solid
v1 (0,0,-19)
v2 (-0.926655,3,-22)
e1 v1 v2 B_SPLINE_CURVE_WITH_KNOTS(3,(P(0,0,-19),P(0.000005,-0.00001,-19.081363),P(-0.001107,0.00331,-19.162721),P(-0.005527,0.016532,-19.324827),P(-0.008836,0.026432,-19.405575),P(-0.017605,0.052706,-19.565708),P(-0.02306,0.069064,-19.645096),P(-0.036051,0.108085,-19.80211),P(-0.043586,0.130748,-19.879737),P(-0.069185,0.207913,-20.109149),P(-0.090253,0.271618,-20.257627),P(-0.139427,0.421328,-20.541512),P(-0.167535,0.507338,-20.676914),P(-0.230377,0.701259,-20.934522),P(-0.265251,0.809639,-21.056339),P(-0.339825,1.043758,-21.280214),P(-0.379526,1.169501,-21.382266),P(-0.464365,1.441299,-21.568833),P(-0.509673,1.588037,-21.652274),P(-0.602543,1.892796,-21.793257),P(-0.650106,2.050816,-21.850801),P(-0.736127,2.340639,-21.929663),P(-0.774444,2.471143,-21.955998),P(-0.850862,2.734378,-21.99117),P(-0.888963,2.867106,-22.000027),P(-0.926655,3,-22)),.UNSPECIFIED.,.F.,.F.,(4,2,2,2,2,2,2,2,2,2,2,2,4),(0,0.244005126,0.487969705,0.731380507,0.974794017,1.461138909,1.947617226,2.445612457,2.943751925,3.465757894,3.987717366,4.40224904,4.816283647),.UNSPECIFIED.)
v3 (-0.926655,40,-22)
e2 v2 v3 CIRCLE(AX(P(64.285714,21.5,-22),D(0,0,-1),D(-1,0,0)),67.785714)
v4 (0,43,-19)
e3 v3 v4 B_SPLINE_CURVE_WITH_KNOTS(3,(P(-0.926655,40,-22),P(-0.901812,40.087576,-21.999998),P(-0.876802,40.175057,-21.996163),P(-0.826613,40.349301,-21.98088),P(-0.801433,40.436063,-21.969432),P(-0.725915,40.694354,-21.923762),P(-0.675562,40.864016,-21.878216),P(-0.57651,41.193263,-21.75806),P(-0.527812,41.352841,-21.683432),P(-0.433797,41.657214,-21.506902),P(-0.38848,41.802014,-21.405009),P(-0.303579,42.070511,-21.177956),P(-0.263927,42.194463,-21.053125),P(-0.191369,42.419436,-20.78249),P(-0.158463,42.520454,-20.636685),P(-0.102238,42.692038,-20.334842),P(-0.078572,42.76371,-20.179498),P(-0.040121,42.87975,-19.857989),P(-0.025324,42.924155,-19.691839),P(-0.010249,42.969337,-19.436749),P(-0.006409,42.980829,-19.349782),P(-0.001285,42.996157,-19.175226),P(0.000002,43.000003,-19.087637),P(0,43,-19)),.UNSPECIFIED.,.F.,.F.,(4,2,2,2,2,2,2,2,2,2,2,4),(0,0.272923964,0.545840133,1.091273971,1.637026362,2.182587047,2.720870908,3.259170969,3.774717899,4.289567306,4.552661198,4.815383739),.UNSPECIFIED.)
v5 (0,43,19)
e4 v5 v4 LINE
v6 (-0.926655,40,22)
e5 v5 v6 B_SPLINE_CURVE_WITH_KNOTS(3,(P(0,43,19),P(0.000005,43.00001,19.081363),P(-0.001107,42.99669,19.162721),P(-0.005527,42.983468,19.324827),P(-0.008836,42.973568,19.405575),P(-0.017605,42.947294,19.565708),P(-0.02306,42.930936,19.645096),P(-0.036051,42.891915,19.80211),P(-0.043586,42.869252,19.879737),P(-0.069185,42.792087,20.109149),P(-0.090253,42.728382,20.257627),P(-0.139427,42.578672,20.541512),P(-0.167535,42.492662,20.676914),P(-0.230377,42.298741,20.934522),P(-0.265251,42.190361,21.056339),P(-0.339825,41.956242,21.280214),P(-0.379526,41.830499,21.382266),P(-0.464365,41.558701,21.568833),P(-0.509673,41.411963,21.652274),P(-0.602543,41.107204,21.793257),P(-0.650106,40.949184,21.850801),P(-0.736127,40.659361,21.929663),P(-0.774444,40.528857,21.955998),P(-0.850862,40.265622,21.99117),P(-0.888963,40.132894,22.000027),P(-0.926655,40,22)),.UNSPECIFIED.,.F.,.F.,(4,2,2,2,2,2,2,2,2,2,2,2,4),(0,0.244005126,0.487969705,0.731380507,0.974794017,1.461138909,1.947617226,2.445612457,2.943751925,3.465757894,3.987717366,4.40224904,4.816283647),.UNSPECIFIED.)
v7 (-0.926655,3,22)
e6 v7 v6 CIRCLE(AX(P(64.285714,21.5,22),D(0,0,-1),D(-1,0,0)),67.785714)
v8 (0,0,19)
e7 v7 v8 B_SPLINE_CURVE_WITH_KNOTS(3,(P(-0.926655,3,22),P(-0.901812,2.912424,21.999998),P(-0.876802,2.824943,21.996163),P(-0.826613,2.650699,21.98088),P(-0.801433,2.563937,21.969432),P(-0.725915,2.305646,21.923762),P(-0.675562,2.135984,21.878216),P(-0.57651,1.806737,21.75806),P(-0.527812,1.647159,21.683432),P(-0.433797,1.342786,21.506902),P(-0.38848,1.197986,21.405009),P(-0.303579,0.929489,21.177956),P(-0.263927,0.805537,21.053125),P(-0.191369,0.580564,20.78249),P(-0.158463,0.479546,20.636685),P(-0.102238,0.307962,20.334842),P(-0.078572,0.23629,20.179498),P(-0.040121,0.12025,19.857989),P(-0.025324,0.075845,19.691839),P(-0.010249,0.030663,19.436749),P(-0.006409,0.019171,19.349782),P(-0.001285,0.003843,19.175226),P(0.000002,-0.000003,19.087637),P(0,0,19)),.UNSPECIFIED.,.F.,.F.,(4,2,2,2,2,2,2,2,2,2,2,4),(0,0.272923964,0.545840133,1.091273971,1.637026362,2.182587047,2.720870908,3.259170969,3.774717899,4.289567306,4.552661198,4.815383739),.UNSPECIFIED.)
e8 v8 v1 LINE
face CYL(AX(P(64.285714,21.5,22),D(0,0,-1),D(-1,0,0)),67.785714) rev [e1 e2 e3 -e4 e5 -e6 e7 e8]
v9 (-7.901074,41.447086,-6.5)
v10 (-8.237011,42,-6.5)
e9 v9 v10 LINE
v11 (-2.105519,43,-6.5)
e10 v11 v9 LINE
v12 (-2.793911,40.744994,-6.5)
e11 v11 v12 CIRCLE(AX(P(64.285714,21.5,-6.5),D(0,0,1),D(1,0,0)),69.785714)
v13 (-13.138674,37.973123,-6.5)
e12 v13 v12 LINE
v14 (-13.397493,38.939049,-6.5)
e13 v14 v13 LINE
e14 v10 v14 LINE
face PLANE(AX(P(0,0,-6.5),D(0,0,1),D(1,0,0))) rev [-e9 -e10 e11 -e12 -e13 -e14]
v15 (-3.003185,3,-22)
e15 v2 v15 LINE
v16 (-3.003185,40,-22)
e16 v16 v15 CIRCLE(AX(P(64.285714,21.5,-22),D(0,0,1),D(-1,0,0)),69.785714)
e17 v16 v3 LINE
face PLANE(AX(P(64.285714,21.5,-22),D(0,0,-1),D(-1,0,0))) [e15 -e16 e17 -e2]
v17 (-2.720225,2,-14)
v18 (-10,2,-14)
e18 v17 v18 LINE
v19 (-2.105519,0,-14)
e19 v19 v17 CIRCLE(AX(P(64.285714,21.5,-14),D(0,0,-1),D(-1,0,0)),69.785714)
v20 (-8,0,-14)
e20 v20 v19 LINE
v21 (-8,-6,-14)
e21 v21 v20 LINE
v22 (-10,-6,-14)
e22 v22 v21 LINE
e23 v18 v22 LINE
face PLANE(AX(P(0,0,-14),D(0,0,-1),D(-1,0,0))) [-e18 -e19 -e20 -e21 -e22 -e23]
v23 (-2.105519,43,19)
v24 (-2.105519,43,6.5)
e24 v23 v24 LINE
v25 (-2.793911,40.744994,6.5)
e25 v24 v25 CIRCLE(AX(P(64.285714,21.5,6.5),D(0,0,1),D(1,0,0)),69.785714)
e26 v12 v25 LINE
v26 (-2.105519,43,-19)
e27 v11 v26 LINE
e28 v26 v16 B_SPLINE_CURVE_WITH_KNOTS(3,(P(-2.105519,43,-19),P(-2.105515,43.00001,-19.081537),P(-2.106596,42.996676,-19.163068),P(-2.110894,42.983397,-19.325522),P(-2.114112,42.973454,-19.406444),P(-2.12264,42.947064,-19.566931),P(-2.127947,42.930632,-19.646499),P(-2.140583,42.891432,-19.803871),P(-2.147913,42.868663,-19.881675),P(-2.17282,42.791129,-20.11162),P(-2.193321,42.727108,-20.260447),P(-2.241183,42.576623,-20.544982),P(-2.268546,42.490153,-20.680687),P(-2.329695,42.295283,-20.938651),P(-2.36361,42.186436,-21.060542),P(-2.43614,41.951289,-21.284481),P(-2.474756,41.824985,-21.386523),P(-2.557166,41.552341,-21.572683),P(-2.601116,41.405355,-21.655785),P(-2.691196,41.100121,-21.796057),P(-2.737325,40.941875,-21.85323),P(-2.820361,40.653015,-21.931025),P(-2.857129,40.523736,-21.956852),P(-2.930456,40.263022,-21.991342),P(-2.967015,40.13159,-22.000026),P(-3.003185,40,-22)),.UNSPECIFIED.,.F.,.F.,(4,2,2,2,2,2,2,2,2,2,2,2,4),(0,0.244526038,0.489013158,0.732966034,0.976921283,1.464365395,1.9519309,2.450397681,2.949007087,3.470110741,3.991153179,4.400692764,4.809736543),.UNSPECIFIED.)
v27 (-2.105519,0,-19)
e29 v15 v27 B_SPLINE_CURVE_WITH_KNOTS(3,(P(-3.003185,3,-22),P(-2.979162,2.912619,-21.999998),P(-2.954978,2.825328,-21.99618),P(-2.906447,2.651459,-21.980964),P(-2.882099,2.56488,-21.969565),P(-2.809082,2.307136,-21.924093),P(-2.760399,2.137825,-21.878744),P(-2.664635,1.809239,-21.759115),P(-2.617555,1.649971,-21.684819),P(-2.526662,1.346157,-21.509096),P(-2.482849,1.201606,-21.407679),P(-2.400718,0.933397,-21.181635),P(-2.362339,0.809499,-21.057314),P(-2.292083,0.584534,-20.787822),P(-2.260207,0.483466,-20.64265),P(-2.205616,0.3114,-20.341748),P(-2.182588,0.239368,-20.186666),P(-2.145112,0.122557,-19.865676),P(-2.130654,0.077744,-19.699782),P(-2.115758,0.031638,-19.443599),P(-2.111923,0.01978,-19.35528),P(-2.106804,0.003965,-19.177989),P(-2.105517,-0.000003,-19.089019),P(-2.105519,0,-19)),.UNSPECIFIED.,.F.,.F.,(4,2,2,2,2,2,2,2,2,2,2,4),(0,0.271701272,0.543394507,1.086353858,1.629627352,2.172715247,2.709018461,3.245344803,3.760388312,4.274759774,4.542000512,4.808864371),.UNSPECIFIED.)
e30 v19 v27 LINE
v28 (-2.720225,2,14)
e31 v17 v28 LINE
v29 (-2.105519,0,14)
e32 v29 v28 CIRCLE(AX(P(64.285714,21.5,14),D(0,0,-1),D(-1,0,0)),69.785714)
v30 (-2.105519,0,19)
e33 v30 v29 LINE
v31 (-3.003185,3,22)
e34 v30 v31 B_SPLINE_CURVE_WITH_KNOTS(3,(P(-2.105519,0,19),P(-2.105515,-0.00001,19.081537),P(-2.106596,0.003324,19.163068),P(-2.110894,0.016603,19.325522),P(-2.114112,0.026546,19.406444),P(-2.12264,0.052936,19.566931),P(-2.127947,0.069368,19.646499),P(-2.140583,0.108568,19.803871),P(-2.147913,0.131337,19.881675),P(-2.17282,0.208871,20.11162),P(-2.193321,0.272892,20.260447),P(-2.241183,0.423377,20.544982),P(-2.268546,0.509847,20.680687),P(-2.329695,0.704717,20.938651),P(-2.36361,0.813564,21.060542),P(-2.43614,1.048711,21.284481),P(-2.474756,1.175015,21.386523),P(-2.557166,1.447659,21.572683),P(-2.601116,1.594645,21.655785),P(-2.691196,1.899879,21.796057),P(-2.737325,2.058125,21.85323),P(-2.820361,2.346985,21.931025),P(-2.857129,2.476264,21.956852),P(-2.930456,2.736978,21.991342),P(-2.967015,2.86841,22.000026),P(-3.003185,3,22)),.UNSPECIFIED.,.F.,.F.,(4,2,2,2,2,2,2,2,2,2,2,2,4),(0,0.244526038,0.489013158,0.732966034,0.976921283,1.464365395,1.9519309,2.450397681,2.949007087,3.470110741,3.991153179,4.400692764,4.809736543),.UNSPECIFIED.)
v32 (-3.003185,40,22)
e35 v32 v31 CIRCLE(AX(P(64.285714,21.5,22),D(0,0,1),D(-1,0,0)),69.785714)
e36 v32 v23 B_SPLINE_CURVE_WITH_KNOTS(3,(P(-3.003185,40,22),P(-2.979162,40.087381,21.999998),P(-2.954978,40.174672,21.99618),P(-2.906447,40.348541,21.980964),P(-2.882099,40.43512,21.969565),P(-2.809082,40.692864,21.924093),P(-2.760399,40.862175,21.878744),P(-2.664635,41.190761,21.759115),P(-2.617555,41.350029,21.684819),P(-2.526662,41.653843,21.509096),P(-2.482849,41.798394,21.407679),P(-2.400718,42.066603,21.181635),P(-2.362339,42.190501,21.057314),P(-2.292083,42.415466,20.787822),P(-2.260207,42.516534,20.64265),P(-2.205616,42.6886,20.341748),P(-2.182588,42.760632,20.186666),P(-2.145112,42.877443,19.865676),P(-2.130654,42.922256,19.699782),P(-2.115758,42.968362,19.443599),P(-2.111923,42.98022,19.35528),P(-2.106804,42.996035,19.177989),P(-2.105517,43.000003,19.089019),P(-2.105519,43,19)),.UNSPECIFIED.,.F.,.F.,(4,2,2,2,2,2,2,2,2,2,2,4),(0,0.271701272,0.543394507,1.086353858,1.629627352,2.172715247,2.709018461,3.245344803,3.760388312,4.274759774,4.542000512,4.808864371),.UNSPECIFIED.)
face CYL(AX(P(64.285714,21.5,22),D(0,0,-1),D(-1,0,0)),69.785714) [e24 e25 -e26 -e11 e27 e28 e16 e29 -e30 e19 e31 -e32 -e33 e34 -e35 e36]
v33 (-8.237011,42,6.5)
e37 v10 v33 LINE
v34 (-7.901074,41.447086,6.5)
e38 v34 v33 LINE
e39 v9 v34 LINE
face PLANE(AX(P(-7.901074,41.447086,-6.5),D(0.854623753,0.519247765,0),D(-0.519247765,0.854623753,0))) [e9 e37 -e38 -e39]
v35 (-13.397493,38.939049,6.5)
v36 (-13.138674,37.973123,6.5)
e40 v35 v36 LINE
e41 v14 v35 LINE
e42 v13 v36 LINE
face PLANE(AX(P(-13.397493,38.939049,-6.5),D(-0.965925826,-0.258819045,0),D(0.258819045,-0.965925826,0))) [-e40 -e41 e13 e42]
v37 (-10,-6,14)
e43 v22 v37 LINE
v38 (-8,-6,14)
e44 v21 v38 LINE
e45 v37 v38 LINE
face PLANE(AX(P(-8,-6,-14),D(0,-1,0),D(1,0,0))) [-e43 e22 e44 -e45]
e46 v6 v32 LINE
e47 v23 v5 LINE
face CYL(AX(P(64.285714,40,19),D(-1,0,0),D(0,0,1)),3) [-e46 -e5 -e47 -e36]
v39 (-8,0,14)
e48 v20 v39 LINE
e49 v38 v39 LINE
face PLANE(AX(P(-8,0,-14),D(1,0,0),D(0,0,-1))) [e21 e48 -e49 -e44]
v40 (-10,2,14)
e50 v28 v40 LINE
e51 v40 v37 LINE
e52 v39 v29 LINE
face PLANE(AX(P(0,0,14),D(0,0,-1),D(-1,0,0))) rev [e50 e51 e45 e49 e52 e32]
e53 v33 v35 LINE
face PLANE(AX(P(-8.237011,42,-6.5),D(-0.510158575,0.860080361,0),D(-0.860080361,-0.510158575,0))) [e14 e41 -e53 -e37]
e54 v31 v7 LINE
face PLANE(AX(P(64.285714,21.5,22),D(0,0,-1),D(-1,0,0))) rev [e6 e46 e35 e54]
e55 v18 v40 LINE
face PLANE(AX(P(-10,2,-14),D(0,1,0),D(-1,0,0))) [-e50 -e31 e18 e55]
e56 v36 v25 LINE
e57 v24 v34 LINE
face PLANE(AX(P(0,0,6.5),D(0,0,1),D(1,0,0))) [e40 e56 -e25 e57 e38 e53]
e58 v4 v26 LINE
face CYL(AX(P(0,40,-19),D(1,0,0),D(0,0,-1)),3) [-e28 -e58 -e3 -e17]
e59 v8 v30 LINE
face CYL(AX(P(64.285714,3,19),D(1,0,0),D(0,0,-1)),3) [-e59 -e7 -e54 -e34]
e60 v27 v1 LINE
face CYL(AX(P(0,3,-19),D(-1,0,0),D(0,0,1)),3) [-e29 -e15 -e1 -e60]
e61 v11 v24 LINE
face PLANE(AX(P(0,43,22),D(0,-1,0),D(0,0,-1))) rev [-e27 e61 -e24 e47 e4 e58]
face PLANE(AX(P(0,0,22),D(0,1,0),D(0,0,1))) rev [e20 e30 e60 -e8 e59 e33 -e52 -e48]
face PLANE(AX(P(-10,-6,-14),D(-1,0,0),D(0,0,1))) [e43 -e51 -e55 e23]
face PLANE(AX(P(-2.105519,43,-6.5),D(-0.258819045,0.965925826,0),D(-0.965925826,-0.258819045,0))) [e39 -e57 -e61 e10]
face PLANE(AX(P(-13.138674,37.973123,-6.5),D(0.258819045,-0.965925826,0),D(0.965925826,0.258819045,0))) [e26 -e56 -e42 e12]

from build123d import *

# Parameters (mm, degrees)
EXTRUDE_1_DEPTH      = 22
EXTRUDE_1_DEPTH_BACK = 22
FILLET_1_R           = 3
EXTRUDE_2_DEPTH      = 6.5
EXTRUDE_2_DEPTH_BACK = 6.5
EXTRUDE_3_DEPTH      = 14
EXTRUDE_3_DEPTH_BACK = 14


with BuildPart() as part:
    # Эскиз1 → Бобышка-Вытянуть1 (new, two sides: drawn at the far end of the back side and taken through both)
    with BuildSketch(Plane.XY.offset(-EXTRUDE_1_DEPTH_BACK)):
        with BuildLine():
            Line((0, 43), (-2.105519461, 43))
            ThreePointArc((-2.105519461, 43), (-5.5, 21.5), (-2.105519461, 0))
            Line((-2.105519461, 0), (0, 0))
            ThreePointArc((0, 0), (-3.5, 21.5), (0, 43))
        make_face()
    extrude(amount=EXTRUDE_1_DEPTH + EXTRUDE_1_DEPTH_BACK)

    # Скругление1
    fillet_1_edges = [part.edges().sort_by_distance(p)[0] for p in [
        (-1.05275973, 0, -22),
        (-1.05275973, 43, -22),
        (-1.05275973, 0, 22),
        (-1.05275973, 43, 22),
    ]]
    fillet(fillet_1_edges, radius=FILLET_1_R)

    # Эскиз2 → Бобышка-Вытянуть2 (add, two sides: drawn at the far end of the back side and taken through both)
    with BuildSketch(Plane.XY.offset(-EXTRUDE_2_DEPTH_BACK)):
        Polygon((-2.105519461, 43), (-7.901074418, 41.447085729), (-8.237011137, 42), (-13.397493305, 38.939048547), (-13.13867426, 37.973122721), (-2.793911065, 40.744993665), align=None)
    extrude(amount=EXTRUDE_2_DEPTH + EXTRUDE_2_DEPTH_BACK)

    # Эскиз3 → Бобышка-Вытянуть3 (add, two sides: drawn at the far end of the back side and taken through both)
    with BuildSketch(Plane.XY.offset(-EXTRUDE_3_DEPTH_BACK)):
        Polygon((-2.105519461, 0), (-8, 0), (-8, -6), (-10, -6), (-10, 2), (-2.72022514, 2), align=None)
    extrude(amount=EXTRUDE_3_DEPTH + EXTRUDE_3_DEPTH_BACK)


solid = part.part
